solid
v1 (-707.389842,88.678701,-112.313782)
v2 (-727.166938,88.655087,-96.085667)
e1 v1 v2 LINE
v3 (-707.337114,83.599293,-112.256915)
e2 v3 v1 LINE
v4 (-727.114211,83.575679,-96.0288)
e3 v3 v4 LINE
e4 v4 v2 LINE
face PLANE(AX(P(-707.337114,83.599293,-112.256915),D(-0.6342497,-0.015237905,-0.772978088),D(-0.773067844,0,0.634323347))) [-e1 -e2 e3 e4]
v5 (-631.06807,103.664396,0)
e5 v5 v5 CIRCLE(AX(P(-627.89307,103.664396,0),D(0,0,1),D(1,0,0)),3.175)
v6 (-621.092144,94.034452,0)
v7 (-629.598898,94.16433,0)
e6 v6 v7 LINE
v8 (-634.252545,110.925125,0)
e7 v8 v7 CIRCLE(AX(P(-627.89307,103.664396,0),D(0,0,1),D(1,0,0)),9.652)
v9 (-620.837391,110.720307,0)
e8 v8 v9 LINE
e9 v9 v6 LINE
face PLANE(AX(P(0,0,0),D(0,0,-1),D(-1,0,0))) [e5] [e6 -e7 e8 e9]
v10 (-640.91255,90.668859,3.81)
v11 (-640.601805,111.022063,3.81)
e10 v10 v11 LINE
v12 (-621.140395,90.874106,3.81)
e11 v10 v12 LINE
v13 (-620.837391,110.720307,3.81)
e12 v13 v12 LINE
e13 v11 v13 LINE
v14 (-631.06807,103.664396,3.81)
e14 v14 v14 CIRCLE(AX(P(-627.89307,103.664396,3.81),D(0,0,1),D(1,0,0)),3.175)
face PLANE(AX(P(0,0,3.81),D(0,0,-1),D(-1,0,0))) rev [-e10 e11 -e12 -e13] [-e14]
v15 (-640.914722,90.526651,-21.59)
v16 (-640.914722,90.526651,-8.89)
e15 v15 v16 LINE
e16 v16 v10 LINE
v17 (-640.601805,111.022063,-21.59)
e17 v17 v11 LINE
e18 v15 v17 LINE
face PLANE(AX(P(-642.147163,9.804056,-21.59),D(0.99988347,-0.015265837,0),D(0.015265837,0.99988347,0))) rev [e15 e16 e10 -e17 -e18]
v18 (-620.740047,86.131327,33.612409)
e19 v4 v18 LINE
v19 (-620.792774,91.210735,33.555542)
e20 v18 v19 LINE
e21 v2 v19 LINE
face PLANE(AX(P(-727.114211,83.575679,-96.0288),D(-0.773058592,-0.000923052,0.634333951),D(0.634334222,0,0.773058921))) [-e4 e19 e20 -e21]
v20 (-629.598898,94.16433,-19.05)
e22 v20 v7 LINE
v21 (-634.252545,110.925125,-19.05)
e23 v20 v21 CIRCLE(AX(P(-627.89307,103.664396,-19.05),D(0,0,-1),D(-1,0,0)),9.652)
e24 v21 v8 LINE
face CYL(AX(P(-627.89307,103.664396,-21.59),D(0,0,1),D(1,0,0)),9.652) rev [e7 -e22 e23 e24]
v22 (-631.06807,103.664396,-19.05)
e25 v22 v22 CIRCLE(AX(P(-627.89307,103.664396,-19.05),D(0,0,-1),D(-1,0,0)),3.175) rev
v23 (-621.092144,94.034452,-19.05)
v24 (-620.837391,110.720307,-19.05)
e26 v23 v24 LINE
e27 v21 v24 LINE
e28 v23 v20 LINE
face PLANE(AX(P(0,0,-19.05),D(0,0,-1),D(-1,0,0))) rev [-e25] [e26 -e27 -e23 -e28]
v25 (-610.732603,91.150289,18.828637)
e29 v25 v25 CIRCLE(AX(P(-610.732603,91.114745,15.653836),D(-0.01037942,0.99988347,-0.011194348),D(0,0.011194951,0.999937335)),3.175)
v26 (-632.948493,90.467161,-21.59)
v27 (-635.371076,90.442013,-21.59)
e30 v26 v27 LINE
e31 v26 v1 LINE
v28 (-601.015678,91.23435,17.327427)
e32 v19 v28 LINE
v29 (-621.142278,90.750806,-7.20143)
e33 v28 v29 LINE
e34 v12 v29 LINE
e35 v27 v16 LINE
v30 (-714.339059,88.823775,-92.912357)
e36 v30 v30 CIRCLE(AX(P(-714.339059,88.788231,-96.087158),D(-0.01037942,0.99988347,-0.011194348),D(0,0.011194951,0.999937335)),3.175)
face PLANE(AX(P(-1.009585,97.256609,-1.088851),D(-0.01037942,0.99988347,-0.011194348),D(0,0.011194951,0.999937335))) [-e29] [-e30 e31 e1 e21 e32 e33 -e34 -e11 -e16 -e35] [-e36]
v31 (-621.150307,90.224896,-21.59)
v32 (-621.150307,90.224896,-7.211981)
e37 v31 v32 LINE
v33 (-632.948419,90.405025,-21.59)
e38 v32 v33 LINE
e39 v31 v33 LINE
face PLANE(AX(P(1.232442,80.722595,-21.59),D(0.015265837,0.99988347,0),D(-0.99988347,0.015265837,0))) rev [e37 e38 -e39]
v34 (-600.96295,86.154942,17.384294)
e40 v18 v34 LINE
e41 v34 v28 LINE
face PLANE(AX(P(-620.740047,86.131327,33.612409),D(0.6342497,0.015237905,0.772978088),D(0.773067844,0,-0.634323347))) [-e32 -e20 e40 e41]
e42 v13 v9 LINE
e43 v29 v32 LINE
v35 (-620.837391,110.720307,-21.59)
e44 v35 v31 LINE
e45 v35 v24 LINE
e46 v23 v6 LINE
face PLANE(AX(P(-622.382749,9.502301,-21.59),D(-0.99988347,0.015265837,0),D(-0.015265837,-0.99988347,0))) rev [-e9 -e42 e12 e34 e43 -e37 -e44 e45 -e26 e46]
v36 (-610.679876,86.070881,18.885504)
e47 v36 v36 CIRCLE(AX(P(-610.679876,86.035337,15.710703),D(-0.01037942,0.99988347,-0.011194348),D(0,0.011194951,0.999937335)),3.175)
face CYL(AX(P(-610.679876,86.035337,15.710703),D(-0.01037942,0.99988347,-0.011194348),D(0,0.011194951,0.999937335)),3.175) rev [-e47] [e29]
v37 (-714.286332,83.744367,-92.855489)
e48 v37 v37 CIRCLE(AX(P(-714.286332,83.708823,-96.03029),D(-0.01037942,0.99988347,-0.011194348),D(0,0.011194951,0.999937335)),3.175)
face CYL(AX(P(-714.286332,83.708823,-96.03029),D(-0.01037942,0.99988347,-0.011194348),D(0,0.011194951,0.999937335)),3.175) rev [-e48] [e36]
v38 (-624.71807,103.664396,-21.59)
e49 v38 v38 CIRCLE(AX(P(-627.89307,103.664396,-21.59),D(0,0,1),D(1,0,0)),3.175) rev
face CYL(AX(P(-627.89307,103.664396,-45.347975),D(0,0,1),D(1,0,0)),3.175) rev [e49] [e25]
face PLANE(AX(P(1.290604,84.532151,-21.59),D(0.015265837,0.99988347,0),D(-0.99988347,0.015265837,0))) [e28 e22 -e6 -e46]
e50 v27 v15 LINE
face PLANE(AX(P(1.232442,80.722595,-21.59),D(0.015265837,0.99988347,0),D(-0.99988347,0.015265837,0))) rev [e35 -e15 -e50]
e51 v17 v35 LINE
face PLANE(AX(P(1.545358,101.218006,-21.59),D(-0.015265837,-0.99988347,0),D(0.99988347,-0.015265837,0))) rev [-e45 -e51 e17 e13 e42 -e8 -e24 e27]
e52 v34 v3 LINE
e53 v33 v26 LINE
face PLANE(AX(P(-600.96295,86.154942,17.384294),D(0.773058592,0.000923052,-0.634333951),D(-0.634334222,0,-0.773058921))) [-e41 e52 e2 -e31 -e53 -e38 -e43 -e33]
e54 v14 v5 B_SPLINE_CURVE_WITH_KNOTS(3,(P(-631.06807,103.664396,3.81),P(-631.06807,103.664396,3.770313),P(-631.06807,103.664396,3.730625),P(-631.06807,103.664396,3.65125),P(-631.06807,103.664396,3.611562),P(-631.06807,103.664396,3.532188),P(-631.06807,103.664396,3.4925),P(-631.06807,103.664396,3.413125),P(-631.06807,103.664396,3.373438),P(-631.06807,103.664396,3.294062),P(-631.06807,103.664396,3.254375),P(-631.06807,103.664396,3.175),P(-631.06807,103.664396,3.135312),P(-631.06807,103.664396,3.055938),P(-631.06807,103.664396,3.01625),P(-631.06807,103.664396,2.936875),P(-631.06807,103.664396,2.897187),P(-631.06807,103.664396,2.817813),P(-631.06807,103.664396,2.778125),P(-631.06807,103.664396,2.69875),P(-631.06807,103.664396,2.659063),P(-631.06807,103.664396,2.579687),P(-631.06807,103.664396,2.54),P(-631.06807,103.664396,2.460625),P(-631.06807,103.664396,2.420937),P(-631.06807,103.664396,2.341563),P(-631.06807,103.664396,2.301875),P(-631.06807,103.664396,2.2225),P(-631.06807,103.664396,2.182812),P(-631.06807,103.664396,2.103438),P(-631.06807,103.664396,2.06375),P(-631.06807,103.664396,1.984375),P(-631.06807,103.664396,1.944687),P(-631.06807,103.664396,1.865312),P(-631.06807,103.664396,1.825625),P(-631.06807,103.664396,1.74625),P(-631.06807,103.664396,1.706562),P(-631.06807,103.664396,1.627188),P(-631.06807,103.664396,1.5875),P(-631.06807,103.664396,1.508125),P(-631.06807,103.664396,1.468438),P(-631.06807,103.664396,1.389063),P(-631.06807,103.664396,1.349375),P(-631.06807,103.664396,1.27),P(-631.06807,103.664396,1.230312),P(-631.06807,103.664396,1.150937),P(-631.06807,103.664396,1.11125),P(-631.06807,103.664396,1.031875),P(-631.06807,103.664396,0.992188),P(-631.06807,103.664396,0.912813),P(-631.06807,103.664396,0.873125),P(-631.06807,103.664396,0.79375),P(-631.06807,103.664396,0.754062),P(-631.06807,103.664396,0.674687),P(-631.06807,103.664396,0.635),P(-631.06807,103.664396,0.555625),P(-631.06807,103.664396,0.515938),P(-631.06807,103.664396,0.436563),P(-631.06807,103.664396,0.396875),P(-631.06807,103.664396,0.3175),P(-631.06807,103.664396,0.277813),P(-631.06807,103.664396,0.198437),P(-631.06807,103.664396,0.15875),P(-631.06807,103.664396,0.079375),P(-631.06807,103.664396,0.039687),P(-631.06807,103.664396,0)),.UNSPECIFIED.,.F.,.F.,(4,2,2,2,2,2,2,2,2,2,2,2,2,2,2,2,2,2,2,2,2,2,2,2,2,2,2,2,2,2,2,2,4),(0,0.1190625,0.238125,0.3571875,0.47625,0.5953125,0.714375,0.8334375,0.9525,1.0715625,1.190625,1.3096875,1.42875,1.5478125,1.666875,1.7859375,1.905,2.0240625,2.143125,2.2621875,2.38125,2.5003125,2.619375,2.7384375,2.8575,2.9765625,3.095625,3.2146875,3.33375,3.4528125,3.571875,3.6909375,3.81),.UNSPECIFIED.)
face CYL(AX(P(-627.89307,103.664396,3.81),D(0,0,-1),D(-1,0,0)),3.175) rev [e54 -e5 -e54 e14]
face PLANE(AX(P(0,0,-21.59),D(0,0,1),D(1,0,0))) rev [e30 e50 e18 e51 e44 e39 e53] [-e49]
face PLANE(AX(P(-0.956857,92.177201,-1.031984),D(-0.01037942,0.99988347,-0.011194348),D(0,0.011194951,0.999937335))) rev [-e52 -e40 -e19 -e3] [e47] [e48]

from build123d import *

# Parameters (mm, degrees)
BOSS_EXTRUDE1_DEPTH = 21.59
SKETCH2_R           = 3.175
BOSS_EXTRUDE3_DEPTH = 2.54
BOSS_EXTRUDE4_START = 3.81
SKETCH3_R           = 3.175
BOSS_EXTRUDE4_DEPTH = 3.81
SKETCH4_R           = 3.175
BOSS_EXTRUDE5_DEPTH = 5.08


with BuildPart() as part:
    # Sketch1 → Boss-Extrude1 (new body)
    with BuildSketch(Plane.XY):
        with BuildLine():
            Line((-621.150306902, 90.224895892), (-621.092144063, 94.034451914))
            Line((-621.092144063, 94.034451914), (-629.598897849, 94.164329766))
            ThreePointArc((-629.598897849, 94.164329766), (-632.210560309, 95.031876848), (-634.47123768, 96.601194079))
            ThreePointArc((-634.47123768, 96.601194079), (-637.543945735, 103.811741783), (-634.252545404, 110.925124722))
            Line((-634.252545404, 110.925124722), (-640.60180544, 111.022062787))
            Line((-640.60180544, 111.022062787), (-640.914721516, 90.52665139))
            Line((-640.914721516, 90.52665139), (-621.150306902, 90.224895892))
        make_face()
    extrude(amount=-BOSS_EXTRUDE1_DEPTH)

    # Sketch2 → Boss-Extrude3 (add)
    # profile 1 of 2: a face of its own
    with BuildSketch(Plane(origin=(0, 0, -19.05), x_dir=(-1, 0, 0), z_dir=(0, 0, -1))):
        with BuildLine():
            Line((620.837390826, 110.72030729), (621.056083102, 96.396376647))
            Line((621.056083102, 96.396376647), (634.47123768, 96.601194079))
            ThreePointArc((634.47123768, 96.601194079), (637.543945735, 103.811741783), (634.252545404, 110.925124722))
            Line((634.252545404, 110.925124722), (620.837390826, 110.72030729))
        make_face()
        with Locations(Location((627.893070479, 103.664395923, 0), (0, 0, 180))):
            Circle(SKETCH2_R, mode=Mode.SUBTRACT)
    # profile 2 of 2: a face of its own
    with BuildSketch(Plane(origin=(0, 0, -19.05), x_dir=(-1, 0, 0), z_dir=(0, 0, -1))):
        with BuildLine():
            Line((621.056083102, 96.396376647), (621.092144063, 94.034451914))
            Line((621.092144063, 94.034451914), (629.598897849, 94.164329766))
            ThreePointArc((629.598897849, 94.164329766), (632.210560309, 95.031876848), (634.47123768, 96.601194079))
            Line((634.47123768, 96.601194079), (621.056083102, 96.396376647))
        make_face()
    extrude(amount=BOSS_EXTRUDE3_DEPTH)

    # Sketch3 → Boss-Extrude4 (add)
    with BuildSketch(Plane.XY.offset(BOSS_EXTRUDE4_START)):
        Polygon((-640.60180544, 111.022062787), (-620.837390826, 110.72030729), (-621.150306902, 90.224895892), (-640.914721516, 90.52665139), align=None)
        with Locations((-627.893070479, 103.664395923)):
            Circle(SKETCH3_R, mode=Mode.SUBTRACT)
    extrude(amount=-BOSS_EXTRUDE4_DEPTH)

    # Sketch4 → Boss-Extrude5 (add)
    with BuildSketch(Plane(origin=(-1.009584834, 97.256608571, -1.08885119), x_dir=(0.9999461323694532, 0.010378769561310733, -0.00011619709707159695), z_dir=(-0.010379419992088095, 0.9998834703189057, -0.011194347843893974))):
        Polygon((-726.19647196, 95.087156462), (-619.816577451, -34.574539021), (-600.038415617, -18.347705324), (-706.418310126, 111.313990158), align=None)
        with Locations(Location((-713.367901644, 95.087156462, 0), (0, 0, 270))):
            Circle(SKETCH4_R, mode=Mode.SUBTRACT)
        with Locations(Location((-609.755864614, -16.672880145, 0), (0, 0, 270))):
            Circle(SKETCH4_R, mode=Mode.SUBTRACT)
    extrude(amount=-BOSS_EXTRUDE5_DEPTH)


solid = part.part
